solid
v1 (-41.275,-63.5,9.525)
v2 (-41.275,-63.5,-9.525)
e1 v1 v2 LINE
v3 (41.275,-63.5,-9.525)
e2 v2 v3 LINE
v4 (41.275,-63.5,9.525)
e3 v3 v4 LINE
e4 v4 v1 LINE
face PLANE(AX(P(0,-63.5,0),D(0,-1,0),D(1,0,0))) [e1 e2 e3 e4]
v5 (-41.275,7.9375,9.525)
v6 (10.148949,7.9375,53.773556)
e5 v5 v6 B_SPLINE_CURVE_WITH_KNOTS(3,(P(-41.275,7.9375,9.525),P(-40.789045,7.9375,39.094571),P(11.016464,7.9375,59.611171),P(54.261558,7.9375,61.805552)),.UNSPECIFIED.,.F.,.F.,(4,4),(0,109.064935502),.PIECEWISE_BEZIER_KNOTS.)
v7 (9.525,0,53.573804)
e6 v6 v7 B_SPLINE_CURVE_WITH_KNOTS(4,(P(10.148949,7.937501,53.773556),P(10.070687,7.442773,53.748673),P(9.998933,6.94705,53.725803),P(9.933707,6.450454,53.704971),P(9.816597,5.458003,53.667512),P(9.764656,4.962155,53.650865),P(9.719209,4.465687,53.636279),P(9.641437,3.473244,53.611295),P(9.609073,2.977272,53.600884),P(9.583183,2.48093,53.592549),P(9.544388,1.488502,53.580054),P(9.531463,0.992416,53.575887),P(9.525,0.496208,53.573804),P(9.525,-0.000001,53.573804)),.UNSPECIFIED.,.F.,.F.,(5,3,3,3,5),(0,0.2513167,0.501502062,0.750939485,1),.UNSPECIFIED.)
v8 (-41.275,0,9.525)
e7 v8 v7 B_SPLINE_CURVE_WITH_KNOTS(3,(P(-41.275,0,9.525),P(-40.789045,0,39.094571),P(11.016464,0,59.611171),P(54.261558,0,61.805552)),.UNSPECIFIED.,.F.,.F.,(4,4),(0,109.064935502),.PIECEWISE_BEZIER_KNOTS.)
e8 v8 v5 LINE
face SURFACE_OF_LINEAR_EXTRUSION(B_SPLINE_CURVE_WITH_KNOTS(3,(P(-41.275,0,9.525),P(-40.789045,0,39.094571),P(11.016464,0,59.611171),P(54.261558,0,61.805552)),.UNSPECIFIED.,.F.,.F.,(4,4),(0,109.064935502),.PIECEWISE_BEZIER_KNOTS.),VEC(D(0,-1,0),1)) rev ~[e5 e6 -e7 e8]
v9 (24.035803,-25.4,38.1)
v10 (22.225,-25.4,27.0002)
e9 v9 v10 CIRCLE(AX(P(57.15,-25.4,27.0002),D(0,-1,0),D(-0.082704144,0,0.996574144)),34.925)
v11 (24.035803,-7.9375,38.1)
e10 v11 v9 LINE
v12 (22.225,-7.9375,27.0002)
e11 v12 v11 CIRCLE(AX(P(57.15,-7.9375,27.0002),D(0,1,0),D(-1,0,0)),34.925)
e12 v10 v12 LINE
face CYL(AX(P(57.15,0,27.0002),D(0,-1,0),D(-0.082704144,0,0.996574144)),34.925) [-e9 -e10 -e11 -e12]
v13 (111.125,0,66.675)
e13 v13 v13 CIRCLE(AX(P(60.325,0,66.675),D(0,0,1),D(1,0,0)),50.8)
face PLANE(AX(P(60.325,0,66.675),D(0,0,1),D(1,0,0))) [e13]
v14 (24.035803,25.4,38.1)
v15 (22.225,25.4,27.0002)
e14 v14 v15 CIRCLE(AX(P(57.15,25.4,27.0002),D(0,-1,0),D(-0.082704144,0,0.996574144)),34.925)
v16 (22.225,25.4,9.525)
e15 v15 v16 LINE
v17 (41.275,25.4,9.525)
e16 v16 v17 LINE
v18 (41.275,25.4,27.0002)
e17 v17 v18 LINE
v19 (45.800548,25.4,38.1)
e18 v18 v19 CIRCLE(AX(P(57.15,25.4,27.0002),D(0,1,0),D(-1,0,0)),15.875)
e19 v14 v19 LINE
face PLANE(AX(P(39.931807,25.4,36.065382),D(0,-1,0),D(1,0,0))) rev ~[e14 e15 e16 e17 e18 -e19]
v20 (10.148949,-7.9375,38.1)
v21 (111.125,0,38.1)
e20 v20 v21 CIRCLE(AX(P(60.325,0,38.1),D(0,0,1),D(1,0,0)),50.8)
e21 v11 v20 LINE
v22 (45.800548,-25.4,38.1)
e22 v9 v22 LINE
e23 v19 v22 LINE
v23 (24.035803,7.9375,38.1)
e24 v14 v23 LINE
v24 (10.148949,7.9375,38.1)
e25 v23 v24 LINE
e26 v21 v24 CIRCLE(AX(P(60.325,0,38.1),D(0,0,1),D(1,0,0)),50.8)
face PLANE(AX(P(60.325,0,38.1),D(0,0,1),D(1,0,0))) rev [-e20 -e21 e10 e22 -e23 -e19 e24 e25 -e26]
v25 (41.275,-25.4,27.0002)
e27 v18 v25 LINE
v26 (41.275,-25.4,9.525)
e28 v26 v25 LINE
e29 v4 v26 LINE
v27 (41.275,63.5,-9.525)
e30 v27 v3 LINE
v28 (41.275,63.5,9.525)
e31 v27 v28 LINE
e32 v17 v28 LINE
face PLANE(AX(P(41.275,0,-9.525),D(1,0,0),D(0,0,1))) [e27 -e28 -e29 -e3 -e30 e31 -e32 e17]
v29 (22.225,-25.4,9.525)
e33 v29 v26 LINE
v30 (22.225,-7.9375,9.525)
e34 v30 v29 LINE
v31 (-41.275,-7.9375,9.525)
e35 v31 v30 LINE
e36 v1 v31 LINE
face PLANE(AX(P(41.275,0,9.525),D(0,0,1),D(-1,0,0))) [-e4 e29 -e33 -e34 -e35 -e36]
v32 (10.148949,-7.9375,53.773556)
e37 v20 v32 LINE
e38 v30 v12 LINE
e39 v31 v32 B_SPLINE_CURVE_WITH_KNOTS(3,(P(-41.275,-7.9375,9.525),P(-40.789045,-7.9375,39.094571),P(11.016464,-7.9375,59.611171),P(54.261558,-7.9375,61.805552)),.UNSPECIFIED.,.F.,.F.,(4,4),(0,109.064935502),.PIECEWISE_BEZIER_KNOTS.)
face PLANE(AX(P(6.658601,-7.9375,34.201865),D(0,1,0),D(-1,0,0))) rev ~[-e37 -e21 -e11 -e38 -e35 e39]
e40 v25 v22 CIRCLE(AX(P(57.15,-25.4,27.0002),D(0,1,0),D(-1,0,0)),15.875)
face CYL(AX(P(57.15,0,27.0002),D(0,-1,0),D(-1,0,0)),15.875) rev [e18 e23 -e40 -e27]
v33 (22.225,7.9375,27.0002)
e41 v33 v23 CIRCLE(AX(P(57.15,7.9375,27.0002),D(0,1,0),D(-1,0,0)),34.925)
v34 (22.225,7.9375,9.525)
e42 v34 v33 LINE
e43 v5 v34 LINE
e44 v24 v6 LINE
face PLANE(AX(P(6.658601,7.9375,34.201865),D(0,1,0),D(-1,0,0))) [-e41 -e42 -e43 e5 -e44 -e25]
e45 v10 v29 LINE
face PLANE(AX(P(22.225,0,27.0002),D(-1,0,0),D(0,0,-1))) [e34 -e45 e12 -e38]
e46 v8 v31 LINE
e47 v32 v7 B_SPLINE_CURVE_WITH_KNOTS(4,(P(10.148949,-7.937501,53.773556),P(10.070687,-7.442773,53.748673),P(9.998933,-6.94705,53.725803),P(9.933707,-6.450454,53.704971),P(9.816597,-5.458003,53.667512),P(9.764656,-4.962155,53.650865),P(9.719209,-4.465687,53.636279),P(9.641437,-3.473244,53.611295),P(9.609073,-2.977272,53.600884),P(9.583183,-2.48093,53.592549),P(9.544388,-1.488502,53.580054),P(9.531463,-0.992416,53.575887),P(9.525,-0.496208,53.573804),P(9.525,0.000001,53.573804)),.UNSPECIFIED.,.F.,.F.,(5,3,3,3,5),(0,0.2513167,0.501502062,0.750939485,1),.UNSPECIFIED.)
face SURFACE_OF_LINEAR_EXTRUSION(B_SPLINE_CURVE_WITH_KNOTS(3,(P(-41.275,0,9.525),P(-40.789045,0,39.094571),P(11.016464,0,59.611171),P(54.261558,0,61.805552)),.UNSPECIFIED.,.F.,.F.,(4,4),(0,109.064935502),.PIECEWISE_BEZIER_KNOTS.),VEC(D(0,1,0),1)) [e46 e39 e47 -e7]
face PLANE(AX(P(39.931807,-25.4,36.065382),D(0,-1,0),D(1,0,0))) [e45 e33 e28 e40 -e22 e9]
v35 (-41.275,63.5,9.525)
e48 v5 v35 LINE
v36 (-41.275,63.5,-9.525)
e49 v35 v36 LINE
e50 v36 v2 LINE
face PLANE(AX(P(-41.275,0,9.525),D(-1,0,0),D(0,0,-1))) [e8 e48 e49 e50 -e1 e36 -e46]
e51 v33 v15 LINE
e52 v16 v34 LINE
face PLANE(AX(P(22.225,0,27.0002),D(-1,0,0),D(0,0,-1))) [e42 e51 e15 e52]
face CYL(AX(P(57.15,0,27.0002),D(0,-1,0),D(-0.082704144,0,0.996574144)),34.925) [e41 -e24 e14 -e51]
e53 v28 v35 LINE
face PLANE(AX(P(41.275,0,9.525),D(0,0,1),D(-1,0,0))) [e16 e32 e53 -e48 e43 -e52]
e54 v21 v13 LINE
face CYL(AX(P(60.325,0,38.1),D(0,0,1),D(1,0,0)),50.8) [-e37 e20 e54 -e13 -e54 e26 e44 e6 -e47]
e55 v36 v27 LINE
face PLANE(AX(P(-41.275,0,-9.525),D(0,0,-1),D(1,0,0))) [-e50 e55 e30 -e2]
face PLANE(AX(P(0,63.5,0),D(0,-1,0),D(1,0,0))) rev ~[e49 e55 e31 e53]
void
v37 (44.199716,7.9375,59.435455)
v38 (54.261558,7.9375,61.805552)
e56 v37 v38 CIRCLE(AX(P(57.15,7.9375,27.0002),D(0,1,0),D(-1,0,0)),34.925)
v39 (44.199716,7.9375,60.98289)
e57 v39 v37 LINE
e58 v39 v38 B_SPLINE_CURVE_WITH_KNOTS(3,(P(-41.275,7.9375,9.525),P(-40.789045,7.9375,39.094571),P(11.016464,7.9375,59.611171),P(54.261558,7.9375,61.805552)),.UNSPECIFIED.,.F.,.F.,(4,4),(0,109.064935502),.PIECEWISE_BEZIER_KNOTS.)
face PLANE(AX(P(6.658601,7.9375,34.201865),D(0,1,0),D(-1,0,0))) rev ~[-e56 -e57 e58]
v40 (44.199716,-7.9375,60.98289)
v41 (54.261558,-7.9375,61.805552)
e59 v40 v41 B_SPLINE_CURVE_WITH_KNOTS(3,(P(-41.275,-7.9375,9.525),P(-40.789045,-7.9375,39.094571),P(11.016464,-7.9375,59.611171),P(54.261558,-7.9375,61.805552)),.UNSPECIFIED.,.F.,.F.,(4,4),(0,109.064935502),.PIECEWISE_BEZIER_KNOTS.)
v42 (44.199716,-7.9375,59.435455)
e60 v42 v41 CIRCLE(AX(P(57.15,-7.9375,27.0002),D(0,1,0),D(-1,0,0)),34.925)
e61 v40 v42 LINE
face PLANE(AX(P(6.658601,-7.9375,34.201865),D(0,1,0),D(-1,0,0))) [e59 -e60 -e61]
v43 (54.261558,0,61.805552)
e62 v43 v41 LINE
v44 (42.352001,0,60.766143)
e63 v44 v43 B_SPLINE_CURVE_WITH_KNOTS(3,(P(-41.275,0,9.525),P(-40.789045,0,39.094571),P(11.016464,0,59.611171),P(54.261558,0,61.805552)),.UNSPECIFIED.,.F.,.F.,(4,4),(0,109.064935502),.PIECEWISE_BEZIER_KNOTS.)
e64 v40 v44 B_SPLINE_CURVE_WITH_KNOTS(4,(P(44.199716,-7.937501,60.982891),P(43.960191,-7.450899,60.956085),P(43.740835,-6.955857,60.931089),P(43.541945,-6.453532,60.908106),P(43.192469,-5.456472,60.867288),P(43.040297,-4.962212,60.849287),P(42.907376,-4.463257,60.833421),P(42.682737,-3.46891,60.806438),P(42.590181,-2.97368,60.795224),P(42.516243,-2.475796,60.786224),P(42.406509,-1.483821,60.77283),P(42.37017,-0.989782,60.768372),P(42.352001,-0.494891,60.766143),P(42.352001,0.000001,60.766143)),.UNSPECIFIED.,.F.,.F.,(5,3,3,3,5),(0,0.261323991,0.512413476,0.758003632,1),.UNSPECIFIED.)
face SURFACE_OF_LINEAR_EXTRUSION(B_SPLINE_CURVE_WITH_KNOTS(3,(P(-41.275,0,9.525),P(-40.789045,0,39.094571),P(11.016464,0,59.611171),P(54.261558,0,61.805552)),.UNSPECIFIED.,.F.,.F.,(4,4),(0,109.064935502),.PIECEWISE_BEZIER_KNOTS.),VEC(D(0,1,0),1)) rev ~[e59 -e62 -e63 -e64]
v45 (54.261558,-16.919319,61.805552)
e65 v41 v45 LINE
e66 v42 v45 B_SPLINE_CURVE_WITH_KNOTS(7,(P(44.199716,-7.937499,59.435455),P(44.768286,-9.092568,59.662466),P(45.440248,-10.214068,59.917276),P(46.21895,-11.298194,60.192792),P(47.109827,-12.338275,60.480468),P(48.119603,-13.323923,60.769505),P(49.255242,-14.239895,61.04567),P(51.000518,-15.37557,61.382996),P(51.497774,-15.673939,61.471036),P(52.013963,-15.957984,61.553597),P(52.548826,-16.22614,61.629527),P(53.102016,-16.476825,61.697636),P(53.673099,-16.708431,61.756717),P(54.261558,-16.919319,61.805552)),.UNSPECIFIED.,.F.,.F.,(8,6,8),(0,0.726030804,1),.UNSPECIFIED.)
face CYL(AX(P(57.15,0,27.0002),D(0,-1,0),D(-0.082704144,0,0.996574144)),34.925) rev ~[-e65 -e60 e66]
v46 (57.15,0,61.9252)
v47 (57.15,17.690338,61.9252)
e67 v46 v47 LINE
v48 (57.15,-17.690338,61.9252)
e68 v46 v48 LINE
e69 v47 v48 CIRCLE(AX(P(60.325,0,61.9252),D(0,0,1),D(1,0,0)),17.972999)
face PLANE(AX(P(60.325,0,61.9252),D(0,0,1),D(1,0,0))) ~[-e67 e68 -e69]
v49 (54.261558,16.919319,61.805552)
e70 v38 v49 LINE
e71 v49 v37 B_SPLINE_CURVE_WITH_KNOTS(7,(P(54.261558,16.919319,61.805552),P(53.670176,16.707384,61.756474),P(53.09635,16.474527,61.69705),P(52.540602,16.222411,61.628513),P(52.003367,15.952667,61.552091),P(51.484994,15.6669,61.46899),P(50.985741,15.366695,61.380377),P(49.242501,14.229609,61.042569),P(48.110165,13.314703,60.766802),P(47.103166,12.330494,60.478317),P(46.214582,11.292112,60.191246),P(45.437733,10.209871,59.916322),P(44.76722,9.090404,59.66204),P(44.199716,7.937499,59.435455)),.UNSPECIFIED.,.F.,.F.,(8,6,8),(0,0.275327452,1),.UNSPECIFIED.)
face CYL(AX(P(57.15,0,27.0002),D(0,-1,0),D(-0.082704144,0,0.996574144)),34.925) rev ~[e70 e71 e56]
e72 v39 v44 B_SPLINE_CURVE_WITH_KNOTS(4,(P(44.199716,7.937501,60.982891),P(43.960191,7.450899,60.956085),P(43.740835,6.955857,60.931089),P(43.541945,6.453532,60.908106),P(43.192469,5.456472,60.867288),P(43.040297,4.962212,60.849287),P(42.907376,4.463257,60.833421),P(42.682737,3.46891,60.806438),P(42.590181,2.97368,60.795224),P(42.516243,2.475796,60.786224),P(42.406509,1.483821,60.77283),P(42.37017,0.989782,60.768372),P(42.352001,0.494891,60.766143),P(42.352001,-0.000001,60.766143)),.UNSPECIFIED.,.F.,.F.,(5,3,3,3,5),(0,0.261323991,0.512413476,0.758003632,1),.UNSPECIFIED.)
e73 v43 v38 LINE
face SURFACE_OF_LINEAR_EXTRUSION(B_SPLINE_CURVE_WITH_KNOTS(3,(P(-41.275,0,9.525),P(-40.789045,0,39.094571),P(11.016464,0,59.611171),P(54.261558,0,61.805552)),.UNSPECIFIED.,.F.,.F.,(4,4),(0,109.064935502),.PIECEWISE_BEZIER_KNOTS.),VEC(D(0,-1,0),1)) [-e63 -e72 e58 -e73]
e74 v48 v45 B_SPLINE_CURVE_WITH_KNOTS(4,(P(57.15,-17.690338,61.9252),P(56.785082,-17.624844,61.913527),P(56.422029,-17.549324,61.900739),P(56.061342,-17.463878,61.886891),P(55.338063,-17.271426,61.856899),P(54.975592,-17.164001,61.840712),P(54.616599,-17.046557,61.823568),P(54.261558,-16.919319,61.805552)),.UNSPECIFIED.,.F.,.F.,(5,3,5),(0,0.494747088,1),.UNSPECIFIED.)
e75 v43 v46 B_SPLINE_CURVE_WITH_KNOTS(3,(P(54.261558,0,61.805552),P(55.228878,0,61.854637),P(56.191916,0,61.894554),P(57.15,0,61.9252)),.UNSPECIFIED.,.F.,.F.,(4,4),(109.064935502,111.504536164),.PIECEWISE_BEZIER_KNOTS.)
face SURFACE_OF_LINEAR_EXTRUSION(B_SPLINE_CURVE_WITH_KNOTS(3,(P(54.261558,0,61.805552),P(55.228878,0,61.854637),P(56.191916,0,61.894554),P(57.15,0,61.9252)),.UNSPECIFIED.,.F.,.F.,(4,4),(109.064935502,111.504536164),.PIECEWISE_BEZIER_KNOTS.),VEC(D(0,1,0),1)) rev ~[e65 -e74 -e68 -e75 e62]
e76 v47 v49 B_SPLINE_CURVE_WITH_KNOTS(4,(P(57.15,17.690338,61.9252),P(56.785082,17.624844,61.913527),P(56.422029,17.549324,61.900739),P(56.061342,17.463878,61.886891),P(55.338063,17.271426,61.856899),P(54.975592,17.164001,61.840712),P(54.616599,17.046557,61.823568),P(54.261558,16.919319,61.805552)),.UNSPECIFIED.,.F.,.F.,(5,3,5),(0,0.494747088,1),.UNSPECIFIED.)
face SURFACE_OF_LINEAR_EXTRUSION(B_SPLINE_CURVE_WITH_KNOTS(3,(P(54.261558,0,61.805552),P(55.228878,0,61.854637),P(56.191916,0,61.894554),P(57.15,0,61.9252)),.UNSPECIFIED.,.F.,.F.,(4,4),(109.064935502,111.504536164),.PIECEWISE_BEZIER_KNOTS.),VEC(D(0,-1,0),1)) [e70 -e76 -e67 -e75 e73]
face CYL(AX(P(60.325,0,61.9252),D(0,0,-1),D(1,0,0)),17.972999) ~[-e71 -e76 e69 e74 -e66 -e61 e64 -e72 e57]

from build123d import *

# Parameters (mm, degrees)
F1_DEPTH = 63.5
F0_W     = 17.9729990546
F0_H     = 19.05
F2_DEPTH = 25.4
F3_DEPTH = 7.9375


with BuildPart() as f1:
    # F0 (on Front) → F1 (new body, symmetric)
    with BuildSketch(Plane.XZ):
        Polygon((22.225, 9.525), (-41.275, 9.525), (-41.275, -9.525), (41.275, -9.525), (41.275, 9.525), align=None)
    extrude(amount=F1_DEPTH, both=True)

    # F0 (on Front) → F2 (join, symmetric)
    with BuildSketch(Plane.XZ):
        with BuildLine():
            Line((22.225, 27.0002), (22.225, 9.525))
            Line((22.225, 9.525), (41.275, 9.525))
            Line((41.275, 9.525), (41.275, 27.0002))
            ThreePointArc((41.275, 27.0002), (45.9246798487, 38.2255201513), (57.15, 42.8752))
            Line((57.15, 42.8752), (60.325, 42.8752))
            Line((60.325, 42.8752), (60.325, 61.9252))
            Line((60.325, 61.9252), (57.15, 61.9252))
            add(Edge.make_bspline(
                [(54.2615577604, 61.8055519797), (55.2288783664, 61.8546366141), (56.1919158349, 61.8945538675), (57.15, 61.9252)],
                knots=[109.0649355022, 109.0649355022, 109.0649355022, 109.0649355022, 111.5045361635, 111.5045361635, 111.5045361635, 111.5045361635], degree=3))
            ThreePointArc((54.2615577604, 61.8055519797), (31.4533614045, 50.6526499765), (22.225, 27.0002))
        make_face()
        with Locations((69.3114995273, 52.4002)):
            Rectangle(F0_W, F0_H)
    extrude(amount=F2_DEPTH, both=True)

    # F0 (on Front) → F3 (join, symmetric)
    with BuildSketch(Plane.XZ):
        with BuildLine():
            add(Edge.make_bspline(
                [(-41.275, 9.525), (-40.7890449991, 39.0945706255), (11.0164639317, 59.6111713264), (54.2615577604, 61.8055519797)],
                knots=[0, 0, 0, 0, 109.0649355022, 109.0649355022, 109.0649355022, 109.0649355022], degree=3))
            Line((-41.275, 9.525), (22.225, 9.525))
            Line((22.225, 9.525), (22.225, 27.0002))
            ThreePointArc((22.225, 27.0002), (31.4533614045, 50.6526499765), (54.2615577604, 61.8055519797))
        make_face()
    extrude(amount=F3_DEPTH, both=True)

    # F0 (on Front) → F4 (revolve)
    with BuildSketch(Plane.XZ):
        Polygon((60.325, 66.675), (60.325, 61.9252), (78.2979990546, 61.9252), (78.2979990546, 42.8752), (60.325, 42.8752), (60.325, 38.1), (111.125, 38.1), (111.125, 66.675), align=None)
    revolve(axis=Axis((60.325, 0, 52.3875), (0, 0, 1)))


solid = f1.part
